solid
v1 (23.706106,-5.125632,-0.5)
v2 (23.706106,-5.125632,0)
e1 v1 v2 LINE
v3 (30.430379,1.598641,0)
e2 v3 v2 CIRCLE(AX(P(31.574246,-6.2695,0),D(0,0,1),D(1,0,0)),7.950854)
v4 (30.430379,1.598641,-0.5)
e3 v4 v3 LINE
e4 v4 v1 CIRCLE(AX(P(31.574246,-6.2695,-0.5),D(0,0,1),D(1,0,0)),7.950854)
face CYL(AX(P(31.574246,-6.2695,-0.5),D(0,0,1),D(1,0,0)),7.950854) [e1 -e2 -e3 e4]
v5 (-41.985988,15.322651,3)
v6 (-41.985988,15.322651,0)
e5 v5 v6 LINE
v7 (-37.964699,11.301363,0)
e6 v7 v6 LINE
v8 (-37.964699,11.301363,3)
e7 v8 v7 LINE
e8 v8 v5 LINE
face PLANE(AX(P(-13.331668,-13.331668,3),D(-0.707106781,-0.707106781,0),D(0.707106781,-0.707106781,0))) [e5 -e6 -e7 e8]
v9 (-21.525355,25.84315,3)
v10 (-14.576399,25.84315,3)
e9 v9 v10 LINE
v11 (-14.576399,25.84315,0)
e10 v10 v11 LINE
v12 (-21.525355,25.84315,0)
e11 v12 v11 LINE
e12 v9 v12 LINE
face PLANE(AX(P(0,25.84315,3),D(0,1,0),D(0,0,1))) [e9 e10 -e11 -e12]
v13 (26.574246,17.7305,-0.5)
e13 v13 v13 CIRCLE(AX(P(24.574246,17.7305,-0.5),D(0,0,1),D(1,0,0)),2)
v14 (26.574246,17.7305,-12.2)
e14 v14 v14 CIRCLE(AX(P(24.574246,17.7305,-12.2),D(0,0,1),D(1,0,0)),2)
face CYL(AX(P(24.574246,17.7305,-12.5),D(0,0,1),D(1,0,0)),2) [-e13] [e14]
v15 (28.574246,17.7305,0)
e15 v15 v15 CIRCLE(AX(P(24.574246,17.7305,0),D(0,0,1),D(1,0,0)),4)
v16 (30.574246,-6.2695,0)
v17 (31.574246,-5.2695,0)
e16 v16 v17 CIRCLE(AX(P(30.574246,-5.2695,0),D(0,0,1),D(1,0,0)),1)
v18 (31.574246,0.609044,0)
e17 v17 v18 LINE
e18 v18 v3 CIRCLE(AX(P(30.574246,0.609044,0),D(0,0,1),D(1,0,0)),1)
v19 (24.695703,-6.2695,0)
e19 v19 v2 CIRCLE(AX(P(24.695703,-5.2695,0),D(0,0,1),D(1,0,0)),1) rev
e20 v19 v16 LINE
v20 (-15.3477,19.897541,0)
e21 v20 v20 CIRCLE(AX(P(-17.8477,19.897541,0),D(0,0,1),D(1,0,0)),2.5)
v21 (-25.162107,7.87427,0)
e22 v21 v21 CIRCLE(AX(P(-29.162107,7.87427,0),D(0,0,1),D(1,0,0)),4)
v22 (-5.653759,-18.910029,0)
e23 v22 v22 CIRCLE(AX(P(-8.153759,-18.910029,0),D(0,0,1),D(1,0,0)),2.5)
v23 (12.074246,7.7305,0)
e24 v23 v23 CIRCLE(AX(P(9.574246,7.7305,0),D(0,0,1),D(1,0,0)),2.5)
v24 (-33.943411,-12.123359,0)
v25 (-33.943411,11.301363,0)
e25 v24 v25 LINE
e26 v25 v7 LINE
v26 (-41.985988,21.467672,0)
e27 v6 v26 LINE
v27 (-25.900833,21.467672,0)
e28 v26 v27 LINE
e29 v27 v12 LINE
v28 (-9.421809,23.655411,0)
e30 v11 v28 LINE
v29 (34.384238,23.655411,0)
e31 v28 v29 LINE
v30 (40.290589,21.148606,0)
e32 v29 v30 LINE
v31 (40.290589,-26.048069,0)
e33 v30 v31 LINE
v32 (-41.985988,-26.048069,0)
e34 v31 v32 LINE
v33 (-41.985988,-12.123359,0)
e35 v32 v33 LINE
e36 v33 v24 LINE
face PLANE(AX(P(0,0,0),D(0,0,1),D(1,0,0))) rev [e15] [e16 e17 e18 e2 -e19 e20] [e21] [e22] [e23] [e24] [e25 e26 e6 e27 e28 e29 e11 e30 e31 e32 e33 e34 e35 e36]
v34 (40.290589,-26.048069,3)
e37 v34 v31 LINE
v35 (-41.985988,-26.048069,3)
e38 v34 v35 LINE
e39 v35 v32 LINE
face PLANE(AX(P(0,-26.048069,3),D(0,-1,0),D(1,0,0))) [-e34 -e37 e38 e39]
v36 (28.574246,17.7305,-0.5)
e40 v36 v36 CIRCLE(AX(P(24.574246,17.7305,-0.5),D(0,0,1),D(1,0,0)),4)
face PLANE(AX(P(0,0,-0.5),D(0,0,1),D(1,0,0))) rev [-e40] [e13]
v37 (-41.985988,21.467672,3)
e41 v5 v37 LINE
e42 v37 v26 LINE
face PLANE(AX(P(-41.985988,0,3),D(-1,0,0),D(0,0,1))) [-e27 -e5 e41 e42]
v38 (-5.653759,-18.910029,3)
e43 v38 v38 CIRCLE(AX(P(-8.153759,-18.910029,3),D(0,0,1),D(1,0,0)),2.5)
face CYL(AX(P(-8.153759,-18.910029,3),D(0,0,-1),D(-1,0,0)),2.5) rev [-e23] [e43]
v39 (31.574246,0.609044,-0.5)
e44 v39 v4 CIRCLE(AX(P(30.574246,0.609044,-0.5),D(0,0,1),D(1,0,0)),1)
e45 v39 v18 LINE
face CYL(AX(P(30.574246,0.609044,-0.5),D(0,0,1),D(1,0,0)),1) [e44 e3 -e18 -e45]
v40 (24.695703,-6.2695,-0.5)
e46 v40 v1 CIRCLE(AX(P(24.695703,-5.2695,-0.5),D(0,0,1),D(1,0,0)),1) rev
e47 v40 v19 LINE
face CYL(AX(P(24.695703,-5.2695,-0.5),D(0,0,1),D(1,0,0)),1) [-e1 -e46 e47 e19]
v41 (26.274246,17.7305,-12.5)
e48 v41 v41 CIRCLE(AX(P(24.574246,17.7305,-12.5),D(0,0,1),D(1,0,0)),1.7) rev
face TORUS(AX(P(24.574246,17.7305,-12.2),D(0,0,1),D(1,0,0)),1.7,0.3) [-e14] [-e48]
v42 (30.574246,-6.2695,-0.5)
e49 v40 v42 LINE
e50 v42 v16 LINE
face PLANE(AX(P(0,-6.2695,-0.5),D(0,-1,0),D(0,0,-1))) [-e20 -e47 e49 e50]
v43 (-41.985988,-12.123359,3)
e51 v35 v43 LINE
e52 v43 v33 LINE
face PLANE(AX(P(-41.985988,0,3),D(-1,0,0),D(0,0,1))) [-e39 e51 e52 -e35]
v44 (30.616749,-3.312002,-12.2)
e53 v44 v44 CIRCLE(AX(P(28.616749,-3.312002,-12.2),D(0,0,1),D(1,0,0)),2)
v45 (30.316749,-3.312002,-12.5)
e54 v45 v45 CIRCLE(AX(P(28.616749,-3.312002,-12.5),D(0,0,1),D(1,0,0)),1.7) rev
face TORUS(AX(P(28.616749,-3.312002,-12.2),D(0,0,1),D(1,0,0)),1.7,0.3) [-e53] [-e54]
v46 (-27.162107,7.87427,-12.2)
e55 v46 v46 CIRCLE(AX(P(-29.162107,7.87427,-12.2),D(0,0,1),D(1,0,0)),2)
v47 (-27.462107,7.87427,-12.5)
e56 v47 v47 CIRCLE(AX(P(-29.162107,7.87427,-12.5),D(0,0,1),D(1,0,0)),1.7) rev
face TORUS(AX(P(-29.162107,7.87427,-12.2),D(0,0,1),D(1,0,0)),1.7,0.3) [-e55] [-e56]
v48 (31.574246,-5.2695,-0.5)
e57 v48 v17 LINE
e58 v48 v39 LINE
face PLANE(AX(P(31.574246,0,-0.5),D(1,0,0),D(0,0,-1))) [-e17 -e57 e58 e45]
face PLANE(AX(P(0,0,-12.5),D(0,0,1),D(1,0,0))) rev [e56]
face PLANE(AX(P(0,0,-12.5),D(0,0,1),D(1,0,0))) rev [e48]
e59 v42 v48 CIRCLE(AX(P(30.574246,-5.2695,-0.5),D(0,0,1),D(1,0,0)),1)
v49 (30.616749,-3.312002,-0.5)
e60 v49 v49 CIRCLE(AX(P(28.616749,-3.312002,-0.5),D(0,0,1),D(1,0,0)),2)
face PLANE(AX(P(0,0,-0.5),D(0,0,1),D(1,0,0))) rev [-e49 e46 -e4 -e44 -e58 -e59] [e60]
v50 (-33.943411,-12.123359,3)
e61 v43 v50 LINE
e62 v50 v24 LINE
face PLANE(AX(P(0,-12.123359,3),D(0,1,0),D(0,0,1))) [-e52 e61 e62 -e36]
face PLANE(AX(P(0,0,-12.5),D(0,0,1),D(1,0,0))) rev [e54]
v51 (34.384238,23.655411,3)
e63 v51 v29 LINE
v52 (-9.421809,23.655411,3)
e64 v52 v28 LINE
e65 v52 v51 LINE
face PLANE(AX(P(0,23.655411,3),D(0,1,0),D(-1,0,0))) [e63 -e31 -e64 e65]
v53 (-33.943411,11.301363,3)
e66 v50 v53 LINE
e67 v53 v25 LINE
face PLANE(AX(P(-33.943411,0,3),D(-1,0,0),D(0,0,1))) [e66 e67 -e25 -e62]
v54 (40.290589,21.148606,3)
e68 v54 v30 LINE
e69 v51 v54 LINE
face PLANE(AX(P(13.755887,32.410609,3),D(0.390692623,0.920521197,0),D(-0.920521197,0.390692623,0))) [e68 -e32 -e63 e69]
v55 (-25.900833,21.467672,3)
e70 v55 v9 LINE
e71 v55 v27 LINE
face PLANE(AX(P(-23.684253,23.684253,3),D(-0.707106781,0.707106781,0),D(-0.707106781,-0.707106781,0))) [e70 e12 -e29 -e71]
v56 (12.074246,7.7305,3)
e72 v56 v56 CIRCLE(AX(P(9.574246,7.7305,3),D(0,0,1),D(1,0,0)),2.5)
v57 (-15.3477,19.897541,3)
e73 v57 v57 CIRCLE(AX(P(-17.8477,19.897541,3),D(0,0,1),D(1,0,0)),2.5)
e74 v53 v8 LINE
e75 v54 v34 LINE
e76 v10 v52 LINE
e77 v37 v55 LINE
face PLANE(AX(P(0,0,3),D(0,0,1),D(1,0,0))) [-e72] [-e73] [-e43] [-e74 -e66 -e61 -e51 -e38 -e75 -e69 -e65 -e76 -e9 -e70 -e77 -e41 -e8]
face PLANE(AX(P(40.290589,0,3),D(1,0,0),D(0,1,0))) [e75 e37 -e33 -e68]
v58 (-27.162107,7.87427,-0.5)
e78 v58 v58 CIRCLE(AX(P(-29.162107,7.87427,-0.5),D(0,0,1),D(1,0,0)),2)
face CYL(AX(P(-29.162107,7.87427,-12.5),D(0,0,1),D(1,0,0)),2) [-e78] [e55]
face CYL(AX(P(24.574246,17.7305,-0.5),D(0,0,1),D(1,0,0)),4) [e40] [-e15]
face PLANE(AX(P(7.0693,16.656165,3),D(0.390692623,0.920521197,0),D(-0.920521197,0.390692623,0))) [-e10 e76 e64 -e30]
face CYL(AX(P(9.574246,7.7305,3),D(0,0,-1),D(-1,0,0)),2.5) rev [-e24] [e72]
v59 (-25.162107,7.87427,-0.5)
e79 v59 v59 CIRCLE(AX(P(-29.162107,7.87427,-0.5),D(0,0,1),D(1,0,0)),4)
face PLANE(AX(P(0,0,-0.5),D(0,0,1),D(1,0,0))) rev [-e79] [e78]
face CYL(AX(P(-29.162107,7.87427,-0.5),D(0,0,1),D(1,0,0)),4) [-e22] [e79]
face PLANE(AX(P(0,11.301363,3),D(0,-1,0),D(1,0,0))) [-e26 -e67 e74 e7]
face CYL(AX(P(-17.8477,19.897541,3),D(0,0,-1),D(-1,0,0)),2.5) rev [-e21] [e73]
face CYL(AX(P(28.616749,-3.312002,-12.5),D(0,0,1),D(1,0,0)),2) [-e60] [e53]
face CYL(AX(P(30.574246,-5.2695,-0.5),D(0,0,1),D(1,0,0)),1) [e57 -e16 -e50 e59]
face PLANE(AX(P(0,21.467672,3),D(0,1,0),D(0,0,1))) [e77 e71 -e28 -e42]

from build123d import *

# Parameters (mm, degrees)
SKETCH_2_R       = 2.5
EXTRUDE_11_DEPTH = 3
SKETCH_2_16_R    = 2
SKETCH_2_16_R_2  = 4
EXTRUDE_12_DEPTH = 0.5
SKETCH_2_17_R    = 2
EXTRUDE_13_DEPTH = 12.5
FILLET_1_R       = 0.3


with BuildPart() as part:
    # 스케치2 → 보스-돌출11 (new body)
    with BuildSketch(Plane.XY):
        Polygon((-25.900833035, 21.467672234), (-41.985987982, 21.467672234), (-41.985987982, 15.322651266), (-37.964699246, 11.301362529), (-33.943410509, 11.301362529), (-33.943410509, -12.123358681), (-41.985987982, -12.123358681), (-41.985987982, -26.048068749), (40.290588771, -26.048068749), (40.290588771, 21.148605879), (34.384238258, 23.655411353), (-9.421808725, 23.655411353), (-14.576398582, 25.843150472), (-21.525354797, 25.843150472), align=None)
        with Locations((-8.153758739, -18.910029411)):
            Circle(SKETCH_2_R, mode=Mode.SUBTRACT)
        with Locations((-17.847699606, 19.897540861)):
            Circle(SKETCH_2_R, mode=Mode.SUBTRACT)
        with Locations((9.574246485, 7.73050044)):
            Circle(SKETCH_2_R, mode=Mode.SUBTRACT)
    extrude(amount=EXTRUDE_11_DEPTH)

    # 스케치2<16> → 보스-돌출12 (add)
    # profile 1 of 3: a face of its own
    with BuildSketch(Plane.XY):
        with BuildLine():
            ThreePointArc((23.706105599, -5.125632338), (23.939439675, -5.923767386), (24.695702599, -6.26949956))
            Line((24.695702599, -6.26949956), (30.574246485, -6.26949956))
            ThreePointArc((30.574246485, -6.26949956), (31.281353266, -5.976606341), (31.574246485, -5.26949956))
            Line((31.574246485, -5.26949956), (31.574246485, 0.609044326))
            ThreePointArc((31.574246485, 0.609044326), (31.228514311, 1.365307251), (30.430379263, 1.598641326))
            ThreePointArc((30.430379263, 1.598641326), (25.952143977, -0.647397052), (23.706105599, -5.125632338))
        make_face()
        with Locations((28.616748621, -3.312001696)):
            Circle(SKETCH_2_16_R, mode=Mode.SUBTRACT)
    # profile 2 of 3: a face of its own
    with BuildSketch(Plane.XY):
        with Locations((-29.162107176, 7.874269984)):
            Circle(SKETCH_2_16_R_2)
        with Locations((-29.162107176, 7.874269984)):
            Circle(SKETCH_2_16_R, mode=Mode.SUBTRACT)
    # profile 3 of 3: a face of its own
    with BuildSketch(Plane.XY):
        with Locations((24.574246485, 17.73050044)):
            Circle(SKETCH_2_16_R_2)
        with Locations((24.574246485, 17.73050044)):
            Circle(SKETCH_2_16_R, mode=Mode.SUBTRACT)
    extrude(amount=-EXTRUDE_12_DEPTH)

    # 스케치2<17> → 보스-돌출13 (add)
    with BuildSketch(Plane.XY):
        with Locations((-29.162107176, 7.874269984)):
            Circle(SKETCH_2_17_R)
        with Locations((24.574246485, 17.73050044)):
            Circle(SKETCH_2_17_R)
        with Locations((28.616748621, -3.312001696)):
            Circle(SKETCH_2_17_R)
    extrude(amount=-EXTRUDE_13_DEPTH)

    # 필렛1
    fillet_1_edges = [part.edges().sort_by_distance(p)[0] for p in [
        (26.616748621, -3.312001696, -12.5),
        (22.574246485, 17.73050044, -12.5),
        (-31.162107176, 7.874269984, -12.5),
    ]]
    fillet(fillet_1_edges, radius=FILLET_1_R)


solid = part.part
